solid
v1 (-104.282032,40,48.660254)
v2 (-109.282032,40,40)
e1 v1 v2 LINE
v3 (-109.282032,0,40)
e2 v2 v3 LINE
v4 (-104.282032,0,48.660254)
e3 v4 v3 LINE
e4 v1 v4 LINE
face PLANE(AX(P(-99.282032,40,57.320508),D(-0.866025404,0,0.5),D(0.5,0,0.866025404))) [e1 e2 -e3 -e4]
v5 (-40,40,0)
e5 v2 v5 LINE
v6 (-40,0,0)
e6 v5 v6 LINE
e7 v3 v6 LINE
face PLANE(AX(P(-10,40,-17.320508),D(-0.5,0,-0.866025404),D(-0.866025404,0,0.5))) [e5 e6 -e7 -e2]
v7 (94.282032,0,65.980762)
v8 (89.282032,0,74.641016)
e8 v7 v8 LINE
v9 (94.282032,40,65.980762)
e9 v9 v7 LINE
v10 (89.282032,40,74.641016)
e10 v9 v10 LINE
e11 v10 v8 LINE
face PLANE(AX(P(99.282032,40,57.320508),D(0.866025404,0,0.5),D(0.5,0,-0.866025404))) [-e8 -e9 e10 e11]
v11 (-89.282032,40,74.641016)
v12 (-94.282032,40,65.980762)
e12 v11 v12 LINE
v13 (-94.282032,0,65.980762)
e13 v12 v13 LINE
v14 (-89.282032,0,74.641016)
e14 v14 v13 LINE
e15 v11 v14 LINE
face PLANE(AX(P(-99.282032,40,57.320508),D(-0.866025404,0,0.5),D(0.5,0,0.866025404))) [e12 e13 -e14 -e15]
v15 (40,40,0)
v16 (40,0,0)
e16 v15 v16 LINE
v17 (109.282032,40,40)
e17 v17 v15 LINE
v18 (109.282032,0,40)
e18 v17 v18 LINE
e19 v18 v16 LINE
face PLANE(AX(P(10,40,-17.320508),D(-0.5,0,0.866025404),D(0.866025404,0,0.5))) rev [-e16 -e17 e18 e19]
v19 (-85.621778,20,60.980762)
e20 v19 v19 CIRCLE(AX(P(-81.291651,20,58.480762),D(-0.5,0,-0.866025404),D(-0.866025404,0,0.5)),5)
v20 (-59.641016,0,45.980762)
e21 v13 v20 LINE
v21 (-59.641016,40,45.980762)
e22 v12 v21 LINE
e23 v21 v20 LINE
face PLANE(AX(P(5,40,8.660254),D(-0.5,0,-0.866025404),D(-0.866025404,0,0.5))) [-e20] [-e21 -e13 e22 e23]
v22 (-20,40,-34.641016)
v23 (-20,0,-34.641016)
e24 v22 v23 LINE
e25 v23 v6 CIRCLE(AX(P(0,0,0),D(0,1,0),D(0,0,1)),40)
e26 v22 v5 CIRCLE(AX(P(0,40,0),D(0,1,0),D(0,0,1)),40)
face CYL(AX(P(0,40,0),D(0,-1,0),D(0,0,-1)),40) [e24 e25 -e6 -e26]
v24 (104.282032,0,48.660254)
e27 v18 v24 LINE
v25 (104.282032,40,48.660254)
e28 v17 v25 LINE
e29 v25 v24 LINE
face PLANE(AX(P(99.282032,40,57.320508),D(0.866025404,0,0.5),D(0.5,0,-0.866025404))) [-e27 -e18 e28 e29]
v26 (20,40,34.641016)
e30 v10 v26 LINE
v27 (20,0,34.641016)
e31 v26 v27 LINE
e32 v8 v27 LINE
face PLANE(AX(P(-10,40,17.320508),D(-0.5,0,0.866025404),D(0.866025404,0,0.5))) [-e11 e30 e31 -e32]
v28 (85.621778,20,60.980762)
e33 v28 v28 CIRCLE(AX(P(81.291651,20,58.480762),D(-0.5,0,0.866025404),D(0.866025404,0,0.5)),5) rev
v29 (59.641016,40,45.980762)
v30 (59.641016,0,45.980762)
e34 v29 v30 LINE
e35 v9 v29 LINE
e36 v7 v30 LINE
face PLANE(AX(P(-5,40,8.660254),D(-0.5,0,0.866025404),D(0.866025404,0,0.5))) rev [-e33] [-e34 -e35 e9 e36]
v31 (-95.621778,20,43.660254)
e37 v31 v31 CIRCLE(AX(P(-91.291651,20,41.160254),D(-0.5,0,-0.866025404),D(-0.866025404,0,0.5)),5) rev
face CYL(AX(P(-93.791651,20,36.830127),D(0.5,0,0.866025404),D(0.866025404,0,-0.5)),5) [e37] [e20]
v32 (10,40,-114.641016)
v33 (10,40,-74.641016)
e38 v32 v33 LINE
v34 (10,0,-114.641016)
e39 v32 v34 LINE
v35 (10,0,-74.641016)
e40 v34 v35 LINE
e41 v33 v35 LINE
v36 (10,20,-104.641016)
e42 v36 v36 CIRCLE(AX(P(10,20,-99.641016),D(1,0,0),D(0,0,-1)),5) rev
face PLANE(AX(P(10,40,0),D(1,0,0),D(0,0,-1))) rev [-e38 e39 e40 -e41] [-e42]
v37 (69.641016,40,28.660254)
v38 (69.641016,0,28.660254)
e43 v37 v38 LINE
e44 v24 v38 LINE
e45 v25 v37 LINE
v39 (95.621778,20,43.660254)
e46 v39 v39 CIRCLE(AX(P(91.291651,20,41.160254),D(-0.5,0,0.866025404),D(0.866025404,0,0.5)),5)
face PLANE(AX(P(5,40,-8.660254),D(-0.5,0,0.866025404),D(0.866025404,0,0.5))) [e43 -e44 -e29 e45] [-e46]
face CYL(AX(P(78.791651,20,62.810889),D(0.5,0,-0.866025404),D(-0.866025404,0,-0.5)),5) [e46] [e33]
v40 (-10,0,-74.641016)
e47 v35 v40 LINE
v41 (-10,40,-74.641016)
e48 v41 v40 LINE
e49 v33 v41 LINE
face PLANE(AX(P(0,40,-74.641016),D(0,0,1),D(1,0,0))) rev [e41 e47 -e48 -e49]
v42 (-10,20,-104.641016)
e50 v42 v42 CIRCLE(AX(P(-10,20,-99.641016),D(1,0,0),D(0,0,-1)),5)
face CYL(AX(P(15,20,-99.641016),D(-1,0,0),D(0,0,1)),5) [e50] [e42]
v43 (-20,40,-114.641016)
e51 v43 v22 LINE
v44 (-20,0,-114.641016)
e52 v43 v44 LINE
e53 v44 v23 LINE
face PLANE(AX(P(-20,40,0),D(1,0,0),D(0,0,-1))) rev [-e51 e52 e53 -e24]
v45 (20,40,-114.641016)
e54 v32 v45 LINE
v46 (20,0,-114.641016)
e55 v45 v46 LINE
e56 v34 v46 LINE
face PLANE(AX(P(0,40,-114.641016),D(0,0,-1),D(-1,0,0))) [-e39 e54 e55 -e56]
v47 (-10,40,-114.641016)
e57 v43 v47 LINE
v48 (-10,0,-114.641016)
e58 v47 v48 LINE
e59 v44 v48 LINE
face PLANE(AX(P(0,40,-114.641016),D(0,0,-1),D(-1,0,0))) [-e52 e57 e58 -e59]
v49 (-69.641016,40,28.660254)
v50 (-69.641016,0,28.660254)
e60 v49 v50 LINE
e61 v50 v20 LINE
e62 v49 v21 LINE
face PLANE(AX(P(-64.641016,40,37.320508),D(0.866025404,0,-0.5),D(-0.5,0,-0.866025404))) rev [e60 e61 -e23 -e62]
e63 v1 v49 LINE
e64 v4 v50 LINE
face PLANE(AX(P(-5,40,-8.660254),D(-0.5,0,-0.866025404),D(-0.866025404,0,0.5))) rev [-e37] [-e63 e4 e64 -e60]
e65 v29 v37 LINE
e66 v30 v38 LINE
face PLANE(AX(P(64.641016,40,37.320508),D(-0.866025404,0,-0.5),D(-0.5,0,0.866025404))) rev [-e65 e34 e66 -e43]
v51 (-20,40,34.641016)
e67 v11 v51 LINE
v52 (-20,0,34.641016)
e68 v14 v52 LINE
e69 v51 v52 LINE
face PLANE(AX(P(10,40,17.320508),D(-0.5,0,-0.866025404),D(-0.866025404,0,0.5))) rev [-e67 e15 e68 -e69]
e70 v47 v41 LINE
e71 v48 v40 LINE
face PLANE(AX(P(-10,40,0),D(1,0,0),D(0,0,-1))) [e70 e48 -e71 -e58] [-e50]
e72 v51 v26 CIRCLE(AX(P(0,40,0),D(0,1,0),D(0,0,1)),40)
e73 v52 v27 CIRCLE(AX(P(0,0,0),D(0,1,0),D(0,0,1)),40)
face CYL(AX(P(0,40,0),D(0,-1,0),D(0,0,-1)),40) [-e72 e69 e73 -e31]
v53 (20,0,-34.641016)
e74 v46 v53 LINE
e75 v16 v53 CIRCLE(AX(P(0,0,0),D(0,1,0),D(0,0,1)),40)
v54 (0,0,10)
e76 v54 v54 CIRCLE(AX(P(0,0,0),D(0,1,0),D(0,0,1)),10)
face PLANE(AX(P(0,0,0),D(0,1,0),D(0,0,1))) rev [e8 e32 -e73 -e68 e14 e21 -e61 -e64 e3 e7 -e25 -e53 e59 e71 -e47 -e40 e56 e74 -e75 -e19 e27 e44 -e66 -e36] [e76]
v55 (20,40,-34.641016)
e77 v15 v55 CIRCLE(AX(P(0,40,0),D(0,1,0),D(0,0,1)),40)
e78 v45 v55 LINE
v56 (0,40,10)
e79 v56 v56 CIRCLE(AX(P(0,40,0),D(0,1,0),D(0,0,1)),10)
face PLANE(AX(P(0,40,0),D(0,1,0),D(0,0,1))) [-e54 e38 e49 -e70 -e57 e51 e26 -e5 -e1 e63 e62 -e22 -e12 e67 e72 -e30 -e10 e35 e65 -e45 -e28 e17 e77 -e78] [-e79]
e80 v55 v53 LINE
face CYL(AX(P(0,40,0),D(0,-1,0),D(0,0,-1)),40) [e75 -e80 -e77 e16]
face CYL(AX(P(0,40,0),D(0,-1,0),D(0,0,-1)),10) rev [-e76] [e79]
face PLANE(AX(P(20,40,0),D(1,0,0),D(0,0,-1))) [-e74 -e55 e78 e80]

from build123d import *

# Parameters (mm, degrees)
SKETCH1_R           = 10
BOSS_EXTRUDE1_DEPTH = 40
SKETCH2_R           = 5
BOSS_EXTRUDE2_DEPTH = 25
CIRPATTERN1_COUNT   = 3


with BuildPart() as part:
    # Sketch1 → Boss-Extrude1 (new body)
    with BuildSketch(Plane(origin=(0, 0, 0), x_dir=(1, 0, 0), z_dir=(0, 1, 0))):
        with BuildLine():
            Line((-10, 114.641016151), (-20, 114.641016151))
            Line((-20, 114.641016151), (-20, 34.641016151))
            ThreePointArc((-20, 34.641016151), (-34.641016151, 20), (-40, 0))
            Line((-40, 0), (-109.282032303, -40))
            Line((-109.282032303, -40), (-104.282032303, -48.660254038))
            Line((-104.282032303, -48.660254038), (-69.641016151, -28.660254038))
            Line((-69.641016151, -28.660254038), (-59.641016151, -45.980762114))
            Line((-59.641016151, -45.980762114), (-94.282032303, -65.980762114))
            Line((-94.282032303, -65.980762114), (-89.282032303, -74.641016151))
            Line((-89.282032303, -74.641016151), (-20, -34.641016151))
            ThreePointArc((-20, -34.641016151), (0, -40), (20, -34.641016151))
            Line((20, -34.641016151), (89.282032303, -74.641016151))
            Line((89.282032303, -74.641016151), (94.282032303, -65.980762114))
            Line((94.282032303, -65.980762114), (59.641016151, -45.980762114))
            Line((59.641016151, -45.980762114), (69.641016151, -28.660254038))
            Line((69.641016151, -28.660254038), (104.282032303, -48.660254038))
            Line((104.282032303, -48.660254038), (109.282032303, -40))
            Line((109.282032303, -40), (40, 0))
            ThreePointArc((40, 0), (34.641016151, 20), (20, 34.641016151))
            Line((20, 34.641016151), (20, 114.641016151))
            Line((20, 114.641016151), (10, 114.641016151))
            Line((10, 114.641016151), (10, 74.641016151))
            Line((10, 74.641016151), (-10, 74.641016151))
            Line((-10, 74.641016151), (-10, 114.641016151))
        make_face()
        with Locations(Location((0, 0, 0), (0, 0, 270))):
            Circle(SKETCH1_R, mode=Mode.SUBTRACT)
    extrude(amount=BOSS_EXTRUDE1_DEPTH)

    # Sketch2 → Boss-Extrude2 (add)
    with BuildSketch(Plane(origin=(-10, 0, 0), x_dir=(0, 0, -1), z_dir=(1, 0, 0))):
        with Locations((99.641016151, 20)):
            Circle(SKETCH2_R)
    boss_extrude2 = extrude(amount=BOSS_EXTRUDE2_DEPTH)

    # CirPattern1: Boss-Extrude2 ×3 about axis
    cirpattern1_axis = Axis((0, 40, 0), (0, 1, 0))
    for i in range(1, CIRPATTERN1_COUNT):
        add(boss_extrude2.rotate(cirpattern1_axis, i * 360 / CIRPATTERN1_COUNT))


solid = part.part
